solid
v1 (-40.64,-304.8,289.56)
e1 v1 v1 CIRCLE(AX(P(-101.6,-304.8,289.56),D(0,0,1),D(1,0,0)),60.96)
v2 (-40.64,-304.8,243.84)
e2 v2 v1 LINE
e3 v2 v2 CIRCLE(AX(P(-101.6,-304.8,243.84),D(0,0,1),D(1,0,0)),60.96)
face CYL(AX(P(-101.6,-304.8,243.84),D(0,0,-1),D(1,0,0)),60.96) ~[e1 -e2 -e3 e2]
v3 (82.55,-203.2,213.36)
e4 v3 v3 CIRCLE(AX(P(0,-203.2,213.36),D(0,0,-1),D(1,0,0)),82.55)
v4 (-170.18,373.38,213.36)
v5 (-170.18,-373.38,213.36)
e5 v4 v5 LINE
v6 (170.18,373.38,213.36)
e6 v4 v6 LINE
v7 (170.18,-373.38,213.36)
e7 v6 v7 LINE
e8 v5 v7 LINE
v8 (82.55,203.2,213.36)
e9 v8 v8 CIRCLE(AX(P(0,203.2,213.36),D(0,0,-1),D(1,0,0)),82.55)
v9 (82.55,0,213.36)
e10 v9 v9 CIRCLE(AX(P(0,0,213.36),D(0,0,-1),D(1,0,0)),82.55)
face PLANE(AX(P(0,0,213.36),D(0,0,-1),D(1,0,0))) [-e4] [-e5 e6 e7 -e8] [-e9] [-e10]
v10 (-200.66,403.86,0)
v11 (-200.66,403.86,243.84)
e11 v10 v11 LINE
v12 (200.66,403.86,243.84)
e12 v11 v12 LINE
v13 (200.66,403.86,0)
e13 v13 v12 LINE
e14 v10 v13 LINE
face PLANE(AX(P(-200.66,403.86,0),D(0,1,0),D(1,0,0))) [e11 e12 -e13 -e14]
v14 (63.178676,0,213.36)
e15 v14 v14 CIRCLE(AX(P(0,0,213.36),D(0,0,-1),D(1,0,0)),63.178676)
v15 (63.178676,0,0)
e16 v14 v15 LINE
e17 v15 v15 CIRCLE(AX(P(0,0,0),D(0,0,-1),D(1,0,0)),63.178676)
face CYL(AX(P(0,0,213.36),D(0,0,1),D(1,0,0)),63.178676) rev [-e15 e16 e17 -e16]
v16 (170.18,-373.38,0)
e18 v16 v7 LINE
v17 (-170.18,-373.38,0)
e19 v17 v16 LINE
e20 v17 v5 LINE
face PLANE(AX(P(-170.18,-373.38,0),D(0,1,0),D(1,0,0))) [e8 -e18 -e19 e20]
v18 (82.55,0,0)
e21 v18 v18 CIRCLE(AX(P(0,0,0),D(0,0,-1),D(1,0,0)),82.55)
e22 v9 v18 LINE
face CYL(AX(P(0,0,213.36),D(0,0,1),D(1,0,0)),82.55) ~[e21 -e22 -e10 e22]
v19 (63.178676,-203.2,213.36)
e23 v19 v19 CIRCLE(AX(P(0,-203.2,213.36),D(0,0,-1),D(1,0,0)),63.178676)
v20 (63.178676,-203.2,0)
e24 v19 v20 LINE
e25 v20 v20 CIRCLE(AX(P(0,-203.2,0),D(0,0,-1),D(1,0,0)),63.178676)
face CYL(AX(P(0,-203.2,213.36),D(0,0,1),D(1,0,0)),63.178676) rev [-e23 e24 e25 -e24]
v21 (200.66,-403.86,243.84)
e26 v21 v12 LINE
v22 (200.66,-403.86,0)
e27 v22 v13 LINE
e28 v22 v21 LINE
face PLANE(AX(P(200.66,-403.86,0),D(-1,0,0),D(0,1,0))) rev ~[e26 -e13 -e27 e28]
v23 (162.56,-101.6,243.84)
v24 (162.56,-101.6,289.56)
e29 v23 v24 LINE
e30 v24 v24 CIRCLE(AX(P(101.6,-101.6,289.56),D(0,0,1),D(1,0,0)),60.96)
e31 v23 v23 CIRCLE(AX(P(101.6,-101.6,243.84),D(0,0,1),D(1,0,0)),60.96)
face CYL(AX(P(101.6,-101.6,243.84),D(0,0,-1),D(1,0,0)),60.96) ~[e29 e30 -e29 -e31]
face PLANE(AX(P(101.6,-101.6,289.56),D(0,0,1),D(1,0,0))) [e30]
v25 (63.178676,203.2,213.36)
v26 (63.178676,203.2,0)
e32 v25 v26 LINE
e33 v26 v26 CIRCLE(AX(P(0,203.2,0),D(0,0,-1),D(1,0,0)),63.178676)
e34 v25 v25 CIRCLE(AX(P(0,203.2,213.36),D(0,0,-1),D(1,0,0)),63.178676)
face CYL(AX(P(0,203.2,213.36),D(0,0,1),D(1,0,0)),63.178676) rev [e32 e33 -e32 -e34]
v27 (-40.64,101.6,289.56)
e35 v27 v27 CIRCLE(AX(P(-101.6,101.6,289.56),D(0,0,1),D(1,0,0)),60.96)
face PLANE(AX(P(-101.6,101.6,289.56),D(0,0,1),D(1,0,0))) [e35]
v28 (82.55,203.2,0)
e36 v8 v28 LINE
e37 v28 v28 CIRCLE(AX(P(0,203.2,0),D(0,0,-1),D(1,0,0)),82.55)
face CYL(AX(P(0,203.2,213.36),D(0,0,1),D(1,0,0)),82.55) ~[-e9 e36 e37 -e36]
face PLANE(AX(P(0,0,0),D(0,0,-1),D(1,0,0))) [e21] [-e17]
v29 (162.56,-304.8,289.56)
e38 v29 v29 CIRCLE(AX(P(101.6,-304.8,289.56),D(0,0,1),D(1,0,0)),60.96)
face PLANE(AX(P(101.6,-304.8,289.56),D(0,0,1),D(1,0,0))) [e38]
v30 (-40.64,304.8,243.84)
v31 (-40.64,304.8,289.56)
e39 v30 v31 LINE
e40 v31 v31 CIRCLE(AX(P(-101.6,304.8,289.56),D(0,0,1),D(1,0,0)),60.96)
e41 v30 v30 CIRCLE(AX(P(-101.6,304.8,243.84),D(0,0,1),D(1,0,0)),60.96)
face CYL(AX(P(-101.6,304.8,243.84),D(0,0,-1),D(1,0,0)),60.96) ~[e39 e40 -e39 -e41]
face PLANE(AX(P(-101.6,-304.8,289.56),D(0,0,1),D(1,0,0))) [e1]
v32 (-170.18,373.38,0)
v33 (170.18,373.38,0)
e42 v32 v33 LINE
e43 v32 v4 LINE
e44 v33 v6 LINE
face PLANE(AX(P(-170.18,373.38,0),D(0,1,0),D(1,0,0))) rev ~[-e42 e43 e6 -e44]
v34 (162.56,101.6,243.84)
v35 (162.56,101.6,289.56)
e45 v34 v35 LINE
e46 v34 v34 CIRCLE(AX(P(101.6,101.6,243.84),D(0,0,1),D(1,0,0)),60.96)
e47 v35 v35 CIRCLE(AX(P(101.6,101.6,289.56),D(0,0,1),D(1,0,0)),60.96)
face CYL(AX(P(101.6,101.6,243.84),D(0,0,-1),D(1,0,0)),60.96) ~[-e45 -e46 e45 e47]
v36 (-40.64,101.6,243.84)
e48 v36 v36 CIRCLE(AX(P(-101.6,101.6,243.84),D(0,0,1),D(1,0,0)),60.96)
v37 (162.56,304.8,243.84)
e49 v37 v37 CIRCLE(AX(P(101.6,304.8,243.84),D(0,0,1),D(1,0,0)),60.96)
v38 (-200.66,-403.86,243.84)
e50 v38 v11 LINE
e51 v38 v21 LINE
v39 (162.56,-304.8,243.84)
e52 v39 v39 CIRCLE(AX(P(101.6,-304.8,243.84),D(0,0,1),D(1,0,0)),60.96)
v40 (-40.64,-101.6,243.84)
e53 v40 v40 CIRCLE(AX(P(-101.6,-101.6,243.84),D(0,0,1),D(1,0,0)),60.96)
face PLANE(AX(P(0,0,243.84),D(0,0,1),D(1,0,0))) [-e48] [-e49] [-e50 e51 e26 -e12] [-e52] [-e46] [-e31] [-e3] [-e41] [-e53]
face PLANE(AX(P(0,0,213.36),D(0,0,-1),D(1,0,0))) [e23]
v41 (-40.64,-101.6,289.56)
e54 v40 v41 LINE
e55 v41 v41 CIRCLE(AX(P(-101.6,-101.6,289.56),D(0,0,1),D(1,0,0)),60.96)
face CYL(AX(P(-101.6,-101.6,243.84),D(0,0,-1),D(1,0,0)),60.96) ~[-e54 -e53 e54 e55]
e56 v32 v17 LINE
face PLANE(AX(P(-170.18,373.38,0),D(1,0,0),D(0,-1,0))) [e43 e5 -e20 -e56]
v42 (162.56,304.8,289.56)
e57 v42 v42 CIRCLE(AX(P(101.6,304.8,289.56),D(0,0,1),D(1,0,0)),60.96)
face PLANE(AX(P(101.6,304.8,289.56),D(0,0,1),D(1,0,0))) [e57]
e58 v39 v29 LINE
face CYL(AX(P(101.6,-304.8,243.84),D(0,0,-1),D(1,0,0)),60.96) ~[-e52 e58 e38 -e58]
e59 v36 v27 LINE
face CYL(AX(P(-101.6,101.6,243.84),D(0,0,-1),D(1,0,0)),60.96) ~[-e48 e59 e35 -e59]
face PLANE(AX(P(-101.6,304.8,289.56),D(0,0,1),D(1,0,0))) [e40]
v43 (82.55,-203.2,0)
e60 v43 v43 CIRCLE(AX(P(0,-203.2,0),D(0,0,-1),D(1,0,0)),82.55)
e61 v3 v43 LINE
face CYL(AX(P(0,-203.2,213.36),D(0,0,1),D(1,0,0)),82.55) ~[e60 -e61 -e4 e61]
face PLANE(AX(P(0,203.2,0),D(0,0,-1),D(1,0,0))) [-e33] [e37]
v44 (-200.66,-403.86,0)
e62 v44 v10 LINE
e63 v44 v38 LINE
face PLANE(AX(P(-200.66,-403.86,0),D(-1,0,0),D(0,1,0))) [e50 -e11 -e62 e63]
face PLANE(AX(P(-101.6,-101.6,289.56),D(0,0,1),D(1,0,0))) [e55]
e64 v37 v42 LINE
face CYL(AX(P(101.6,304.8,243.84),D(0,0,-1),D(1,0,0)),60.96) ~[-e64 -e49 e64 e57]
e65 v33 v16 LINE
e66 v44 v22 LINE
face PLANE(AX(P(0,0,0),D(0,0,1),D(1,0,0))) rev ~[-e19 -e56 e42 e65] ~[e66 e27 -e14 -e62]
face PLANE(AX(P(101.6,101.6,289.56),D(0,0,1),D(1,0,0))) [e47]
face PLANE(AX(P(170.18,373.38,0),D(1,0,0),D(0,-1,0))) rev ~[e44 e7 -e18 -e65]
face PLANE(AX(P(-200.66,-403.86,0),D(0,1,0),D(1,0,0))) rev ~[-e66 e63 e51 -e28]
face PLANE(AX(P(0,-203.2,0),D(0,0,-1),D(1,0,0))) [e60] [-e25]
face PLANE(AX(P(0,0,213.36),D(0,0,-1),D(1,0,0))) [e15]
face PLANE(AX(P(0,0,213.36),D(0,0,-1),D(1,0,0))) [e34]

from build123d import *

# Parameters (mm, degrees)
F0_W     = 401.32
F0_H     = 807.72
F1_DEPTH = 243.84
F2_R     = 60.96
F3_DEPTH = 45.72
F4_W     = 340.36
F4_H     = 746.76
F5_DEPTH = 213.36
F6_R     = 82.55
F6_R_2   = 63.178676
F7_DEPTH = 213.36


with BuildPart() as f1:
    # F0 (on Top) → F1 (new body)
    with BuildSketch(Plane.XY):
        Rectangle(F0_W, F0_H)
    extrude(amount=F1_DEPTH)

    # F2 (on face) → F3 (join)
    with BuildSketch(Plane.XY.offset(243.84)):
        with Locations((101.6, 304.8)):
            Circle(F2_R)
        with Locations((101.6, 101.6)):
            Circle(F2_R)
        with Locations((101.6, -101.6)):
            Circle(F2_R)
        with Locations((101.6, -304.8)):
            Circle(F2_R)
        with Locations((-101.6, 304.8)):
            Circle(F2_R)
        with Locations((-101.6, 101.6)):
            Circle(F2_R)
        with Locations((-101.6, -101.6)):
            Circle(F2_R)
        with Locations((-101.6, -304.8)):
            Circle(F2_R)
    extrude(amount=F3_DEPTH)

    # F4 (on face) → F5 (cut)
    with BuildSketch(Plane(origin=(0, 0, 0), x_dir=(1, 0, 0), z_dir=(0, 0, -1))):
        Rectangle(F4_W, F4_H)
    extrude(amount=-F5_DEPTH, mode=Mode.SUBTRACT)

    # F6 (on face) → F7 (join)
    with BuildSketch(Plane(origin=(0, 0, 213.36), x_dir=(1, 0, 0), z_dir=(0, 0, -1))):
        Circle(F6_R)
        Circle(F6_R_2, mode=Mode.SUBTRACT)
        with Locations((0, 203.2)):
            Circle(F6_R)
        with Locations((0, 203.2)):
            Circle(F6_R_2, mode=Mode.SUBTRACT)
        with Locations((0, -203.2)):
            Circle(F6_R)
        with Locations((0, -203.2)):
            Circle(F6_R_2, mode=Mode.SUBTRACT)
    extrude(amount=F7_DEPTH)


solid = f1.part
